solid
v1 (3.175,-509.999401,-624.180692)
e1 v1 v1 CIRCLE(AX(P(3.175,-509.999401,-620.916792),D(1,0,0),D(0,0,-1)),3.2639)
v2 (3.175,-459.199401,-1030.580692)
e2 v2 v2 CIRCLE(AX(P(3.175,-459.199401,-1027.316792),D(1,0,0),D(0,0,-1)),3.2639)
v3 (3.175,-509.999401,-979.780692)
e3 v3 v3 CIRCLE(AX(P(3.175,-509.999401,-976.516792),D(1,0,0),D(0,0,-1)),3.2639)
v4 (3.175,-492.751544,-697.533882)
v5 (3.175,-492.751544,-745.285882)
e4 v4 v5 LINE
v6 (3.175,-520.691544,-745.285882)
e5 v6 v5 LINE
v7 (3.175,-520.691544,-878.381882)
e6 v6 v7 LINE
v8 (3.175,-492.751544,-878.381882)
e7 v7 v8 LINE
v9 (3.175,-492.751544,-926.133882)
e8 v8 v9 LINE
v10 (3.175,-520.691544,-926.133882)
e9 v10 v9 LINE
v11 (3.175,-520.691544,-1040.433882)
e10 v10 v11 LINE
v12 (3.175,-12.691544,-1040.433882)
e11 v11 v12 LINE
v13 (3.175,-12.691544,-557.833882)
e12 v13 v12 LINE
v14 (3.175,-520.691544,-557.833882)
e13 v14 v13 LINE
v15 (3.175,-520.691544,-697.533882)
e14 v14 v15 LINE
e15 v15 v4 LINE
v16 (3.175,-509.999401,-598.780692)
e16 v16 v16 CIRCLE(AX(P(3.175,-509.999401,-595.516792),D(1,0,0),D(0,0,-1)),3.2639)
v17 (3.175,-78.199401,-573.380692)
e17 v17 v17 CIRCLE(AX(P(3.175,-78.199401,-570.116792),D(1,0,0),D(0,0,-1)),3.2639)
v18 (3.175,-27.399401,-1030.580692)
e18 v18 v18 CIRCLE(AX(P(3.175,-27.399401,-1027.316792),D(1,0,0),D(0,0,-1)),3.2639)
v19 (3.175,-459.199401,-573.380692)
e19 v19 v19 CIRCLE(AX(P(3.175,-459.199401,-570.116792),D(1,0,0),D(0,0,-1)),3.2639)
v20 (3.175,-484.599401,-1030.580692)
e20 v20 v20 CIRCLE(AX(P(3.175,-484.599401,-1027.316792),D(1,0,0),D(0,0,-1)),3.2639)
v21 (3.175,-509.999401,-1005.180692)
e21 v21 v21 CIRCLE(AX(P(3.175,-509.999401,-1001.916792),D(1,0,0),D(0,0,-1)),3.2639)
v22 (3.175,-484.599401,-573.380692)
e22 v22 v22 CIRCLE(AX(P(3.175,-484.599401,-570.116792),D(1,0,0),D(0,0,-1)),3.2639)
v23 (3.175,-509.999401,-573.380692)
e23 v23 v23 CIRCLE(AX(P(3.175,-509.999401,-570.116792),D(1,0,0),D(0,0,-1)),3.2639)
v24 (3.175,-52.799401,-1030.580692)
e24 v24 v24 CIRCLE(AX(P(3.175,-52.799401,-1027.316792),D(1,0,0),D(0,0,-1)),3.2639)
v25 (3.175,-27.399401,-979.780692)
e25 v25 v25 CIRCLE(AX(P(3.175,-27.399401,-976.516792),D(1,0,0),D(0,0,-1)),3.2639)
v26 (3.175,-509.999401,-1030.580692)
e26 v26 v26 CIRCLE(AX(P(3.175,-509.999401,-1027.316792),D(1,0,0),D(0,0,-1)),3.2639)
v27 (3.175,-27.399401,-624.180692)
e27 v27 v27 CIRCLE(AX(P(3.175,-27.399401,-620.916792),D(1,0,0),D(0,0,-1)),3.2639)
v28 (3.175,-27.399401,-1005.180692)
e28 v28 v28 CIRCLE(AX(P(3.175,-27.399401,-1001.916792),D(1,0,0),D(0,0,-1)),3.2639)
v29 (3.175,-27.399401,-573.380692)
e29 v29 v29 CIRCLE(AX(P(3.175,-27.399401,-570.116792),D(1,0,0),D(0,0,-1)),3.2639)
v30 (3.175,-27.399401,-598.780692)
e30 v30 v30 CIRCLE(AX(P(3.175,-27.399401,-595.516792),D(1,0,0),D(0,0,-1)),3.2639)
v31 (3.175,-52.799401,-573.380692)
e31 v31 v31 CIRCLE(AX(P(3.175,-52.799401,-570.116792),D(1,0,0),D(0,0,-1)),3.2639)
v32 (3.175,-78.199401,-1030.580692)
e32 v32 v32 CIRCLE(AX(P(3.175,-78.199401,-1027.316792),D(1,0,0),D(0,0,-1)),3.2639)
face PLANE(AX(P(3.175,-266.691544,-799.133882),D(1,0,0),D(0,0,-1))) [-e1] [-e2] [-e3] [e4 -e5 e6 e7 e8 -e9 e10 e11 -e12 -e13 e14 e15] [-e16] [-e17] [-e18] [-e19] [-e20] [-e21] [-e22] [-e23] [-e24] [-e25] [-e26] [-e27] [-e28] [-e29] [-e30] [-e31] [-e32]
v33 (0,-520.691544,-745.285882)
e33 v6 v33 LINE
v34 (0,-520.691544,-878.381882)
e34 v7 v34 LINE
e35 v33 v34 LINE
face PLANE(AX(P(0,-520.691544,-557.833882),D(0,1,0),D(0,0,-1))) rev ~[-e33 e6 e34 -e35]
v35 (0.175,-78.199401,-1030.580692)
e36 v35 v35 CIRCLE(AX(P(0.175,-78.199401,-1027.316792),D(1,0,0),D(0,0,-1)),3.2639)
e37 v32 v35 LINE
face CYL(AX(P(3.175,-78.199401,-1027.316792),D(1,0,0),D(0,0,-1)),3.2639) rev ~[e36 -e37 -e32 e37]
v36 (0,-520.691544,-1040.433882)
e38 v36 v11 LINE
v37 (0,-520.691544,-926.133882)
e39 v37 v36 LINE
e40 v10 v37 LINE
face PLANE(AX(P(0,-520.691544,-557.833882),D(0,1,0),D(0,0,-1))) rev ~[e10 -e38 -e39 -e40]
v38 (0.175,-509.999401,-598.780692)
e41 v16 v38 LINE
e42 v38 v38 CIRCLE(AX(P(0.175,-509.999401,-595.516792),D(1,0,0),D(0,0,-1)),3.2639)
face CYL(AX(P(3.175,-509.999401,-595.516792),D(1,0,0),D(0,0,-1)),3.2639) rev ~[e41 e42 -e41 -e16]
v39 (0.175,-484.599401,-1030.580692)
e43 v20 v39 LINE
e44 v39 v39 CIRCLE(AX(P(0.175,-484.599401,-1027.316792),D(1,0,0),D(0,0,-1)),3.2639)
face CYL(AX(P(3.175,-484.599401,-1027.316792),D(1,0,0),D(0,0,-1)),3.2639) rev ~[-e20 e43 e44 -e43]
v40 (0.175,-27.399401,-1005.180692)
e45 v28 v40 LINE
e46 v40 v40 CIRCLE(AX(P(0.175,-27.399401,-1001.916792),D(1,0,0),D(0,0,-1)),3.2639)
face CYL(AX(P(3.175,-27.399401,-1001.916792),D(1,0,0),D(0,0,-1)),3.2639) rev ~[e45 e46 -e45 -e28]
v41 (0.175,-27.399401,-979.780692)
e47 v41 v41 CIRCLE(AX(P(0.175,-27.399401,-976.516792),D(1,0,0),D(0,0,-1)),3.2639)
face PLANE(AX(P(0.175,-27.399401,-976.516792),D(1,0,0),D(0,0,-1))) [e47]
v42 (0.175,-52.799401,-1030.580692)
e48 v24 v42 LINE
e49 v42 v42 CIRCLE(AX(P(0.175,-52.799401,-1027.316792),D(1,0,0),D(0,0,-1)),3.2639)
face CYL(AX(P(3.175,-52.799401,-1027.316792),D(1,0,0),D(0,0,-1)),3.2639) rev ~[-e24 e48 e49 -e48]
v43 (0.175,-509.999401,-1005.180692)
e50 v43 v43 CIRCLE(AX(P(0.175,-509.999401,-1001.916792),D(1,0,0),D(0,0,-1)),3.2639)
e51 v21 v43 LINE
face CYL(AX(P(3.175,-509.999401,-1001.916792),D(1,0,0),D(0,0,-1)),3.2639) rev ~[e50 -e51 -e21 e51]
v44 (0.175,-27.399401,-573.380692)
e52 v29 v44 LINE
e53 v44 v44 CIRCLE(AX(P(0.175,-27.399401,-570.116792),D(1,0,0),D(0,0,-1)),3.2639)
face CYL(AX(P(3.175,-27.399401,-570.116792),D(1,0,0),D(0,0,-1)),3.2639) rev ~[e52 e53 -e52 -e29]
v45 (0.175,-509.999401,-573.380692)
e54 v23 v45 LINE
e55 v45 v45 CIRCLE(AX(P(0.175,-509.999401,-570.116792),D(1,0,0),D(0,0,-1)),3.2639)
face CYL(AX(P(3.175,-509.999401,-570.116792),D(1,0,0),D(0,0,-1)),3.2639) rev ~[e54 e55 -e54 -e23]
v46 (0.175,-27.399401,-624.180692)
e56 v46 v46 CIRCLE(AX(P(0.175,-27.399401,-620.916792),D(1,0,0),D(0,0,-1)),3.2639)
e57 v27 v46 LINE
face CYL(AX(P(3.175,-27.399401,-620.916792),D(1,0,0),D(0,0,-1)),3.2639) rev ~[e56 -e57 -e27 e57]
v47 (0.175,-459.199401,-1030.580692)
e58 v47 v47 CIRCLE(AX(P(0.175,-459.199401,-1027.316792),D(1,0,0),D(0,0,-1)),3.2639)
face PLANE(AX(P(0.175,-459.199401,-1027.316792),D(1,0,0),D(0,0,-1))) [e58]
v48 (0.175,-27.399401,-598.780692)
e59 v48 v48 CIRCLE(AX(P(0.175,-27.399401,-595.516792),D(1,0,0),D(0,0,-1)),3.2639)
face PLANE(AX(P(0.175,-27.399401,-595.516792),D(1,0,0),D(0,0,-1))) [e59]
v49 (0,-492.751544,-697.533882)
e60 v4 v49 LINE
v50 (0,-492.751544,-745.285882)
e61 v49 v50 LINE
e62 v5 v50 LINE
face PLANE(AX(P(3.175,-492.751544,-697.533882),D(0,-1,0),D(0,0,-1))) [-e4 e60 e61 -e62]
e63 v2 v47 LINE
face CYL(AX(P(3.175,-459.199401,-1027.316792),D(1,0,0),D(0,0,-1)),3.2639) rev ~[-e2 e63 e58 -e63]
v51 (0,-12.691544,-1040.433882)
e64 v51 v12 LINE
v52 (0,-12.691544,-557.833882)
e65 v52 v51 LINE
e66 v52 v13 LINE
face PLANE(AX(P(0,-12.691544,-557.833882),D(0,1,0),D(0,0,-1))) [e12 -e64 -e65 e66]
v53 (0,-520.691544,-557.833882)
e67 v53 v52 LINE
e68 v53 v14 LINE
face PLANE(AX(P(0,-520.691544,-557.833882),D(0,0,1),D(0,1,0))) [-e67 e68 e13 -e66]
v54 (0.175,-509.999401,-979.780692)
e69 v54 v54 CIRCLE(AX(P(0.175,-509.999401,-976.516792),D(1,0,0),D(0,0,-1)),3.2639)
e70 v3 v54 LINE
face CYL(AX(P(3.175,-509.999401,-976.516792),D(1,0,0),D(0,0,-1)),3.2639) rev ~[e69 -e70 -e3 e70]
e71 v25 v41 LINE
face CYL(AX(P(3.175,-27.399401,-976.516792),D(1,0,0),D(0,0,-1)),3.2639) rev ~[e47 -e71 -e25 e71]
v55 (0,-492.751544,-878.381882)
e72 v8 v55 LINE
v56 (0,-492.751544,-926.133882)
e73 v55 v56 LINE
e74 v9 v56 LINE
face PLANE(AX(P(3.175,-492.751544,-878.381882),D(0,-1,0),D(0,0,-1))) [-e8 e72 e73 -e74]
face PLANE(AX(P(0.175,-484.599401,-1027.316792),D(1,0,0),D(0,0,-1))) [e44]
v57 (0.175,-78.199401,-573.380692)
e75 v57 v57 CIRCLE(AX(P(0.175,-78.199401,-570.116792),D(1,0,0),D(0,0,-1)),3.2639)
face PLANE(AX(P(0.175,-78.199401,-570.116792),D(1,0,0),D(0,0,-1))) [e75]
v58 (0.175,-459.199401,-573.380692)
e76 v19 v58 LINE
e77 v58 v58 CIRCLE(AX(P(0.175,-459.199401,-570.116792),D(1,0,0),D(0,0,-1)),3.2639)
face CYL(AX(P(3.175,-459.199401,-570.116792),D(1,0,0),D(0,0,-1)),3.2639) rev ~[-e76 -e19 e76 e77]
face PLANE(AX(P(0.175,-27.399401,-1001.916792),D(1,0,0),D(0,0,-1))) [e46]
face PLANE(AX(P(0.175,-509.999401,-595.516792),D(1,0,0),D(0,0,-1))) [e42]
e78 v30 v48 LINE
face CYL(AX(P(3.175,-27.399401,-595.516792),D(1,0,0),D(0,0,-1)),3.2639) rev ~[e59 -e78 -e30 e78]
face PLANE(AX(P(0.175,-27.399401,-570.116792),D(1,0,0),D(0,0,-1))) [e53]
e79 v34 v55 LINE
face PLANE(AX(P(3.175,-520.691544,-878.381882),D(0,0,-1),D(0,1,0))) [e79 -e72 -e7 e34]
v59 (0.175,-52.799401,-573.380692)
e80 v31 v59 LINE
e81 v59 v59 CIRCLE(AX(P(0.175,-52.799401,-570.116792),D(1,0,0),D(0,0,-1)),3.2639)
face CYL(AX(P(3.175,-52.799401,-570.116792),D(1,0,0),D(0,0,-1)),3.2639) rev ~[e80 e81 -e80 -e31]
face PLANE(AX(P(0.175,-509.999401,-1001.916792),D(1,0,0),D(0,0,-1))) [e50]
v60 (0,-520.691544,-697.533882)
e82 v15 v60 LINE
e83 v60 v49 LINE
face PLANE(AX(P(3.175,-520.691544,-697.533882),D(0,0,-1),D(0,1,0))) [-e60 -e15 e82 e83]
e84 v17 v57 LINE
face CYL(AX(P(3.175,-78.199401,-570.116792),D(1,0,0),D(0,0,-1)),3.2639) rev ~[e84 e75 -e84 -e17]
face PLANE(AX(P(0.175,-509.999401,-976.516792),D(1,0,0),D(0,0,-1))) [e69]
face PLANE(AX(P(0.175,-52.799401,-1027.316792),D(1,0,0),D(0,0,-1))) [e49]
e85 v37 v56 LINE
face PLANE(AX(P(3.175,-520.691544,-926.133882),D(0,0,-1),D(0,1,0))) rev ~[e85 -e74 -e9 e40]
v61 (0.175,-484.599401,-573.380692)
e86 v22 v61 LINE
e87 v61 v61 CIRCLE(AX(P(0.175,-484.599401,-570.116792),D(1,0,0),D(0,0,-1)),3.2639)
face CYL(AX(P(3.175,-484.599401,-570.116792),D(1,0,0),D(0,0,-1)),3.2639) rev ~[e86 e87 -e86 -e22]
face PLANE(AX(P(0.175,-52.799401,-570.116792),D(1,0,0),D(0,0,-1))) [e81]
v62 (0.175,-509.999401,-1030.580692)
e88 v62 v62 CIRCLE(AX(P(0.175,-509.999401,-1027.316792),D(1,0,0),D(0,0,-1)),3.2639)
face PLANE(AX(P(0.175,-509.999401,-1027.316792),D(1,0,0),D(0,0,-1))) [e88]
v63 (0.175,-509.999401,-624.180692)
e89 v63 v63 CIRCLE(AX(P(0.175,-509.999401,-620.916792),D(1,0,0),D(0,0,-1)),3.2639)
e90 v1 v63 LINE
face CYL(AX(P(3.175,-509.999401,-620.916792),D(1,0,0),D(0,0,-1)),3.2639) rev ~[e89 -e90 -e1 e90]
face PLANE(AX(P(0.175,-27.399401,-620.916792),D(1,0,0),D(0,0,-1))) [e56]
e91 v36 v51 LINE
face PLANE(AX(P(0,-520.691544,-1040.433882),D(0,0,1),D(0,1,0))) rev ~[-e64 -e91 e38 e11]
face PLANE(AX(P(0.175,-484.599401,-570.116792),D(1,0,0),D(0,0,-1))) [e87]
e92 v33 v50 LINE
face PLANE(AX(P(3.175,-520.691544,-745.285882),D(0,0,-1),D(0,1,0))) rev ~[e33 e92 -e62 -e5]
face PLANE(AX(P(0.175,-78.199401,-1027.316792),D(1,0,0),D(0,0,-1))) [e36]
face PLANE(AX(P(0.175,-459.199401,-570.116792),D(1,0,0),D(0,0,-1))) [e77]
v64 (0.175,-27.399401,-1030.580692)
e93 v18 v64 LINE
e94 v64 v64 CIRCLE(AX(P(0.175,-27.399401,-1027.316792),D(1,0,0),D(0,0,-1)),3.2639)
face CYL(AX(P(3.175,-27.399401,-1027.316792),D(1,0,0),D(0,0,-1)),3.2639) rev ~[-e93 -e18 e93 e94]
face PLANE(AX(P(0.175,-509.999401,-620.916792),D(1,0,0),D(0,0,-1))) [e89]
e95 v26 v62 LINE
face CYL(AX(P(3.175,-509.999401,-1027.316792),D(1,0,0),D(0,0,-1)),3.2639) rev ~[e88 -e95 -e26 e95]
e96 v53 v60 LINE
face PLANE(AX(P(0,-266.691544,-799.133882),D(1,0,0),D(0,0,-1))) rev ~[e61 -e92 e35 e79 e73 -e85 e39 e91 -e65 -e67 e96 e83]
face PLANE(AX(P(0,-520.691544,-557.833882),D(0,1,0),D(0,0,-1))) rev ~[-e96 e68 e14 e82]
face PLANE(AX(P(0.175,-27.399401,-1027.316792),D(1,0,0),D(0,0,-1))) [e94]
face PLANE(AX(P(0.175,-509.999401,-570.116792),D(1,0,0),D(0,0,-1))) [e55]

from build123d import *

# Parameters (mm, degrees)
SKETCH1_W           = 482.6
SKETCH1_H           = 508
BOSS_EXTRUDE1_DEPTH = 3.175
SKETCH2_W           = 47.752
SKETCH2_H           = 27.94
CUT_EXTRUDE1_DEPTH  = 1164.457101784
SKETCH3_R           = 3.263899997
SKETCH3_R_2         = 3.263900001
SKETCH3_R_3         = 3.263899999
SKETCH3_R_4         = 3.2639
CUT_EXTRUDE2_DEPTH  = 3


with BuildPart() as part:
    # Sketch1 → Boss-Extrude1 (new body)
    with BuildSketch(Plane(origin=(0, 0, 0), x_dir=(0, 0, -1), z_dir=(1, 0, 0))):
        with Locations((799.13388237, -266.691543511)):
            Rectangle(SKETCH1_W, SKETCH1_H)
    extrude(amount=BOSS_EXTRUDE1_DEPTH)

    # Sketch2 → Cut-Extrude1 (cut, through all)
    with BuildSketch(Plane(origin=(3.175, 0, 0), x_dir=(0, 0, -1), z_dir=(1, 0, 0))):
        with Locations((721.40988237, -506.721543511)):
            Rectangle(SKETCH2_W, SKETCH2_H)
        with Locations((902.25788237, -506.721543511)):
            Rectangle(SKETCH2_W, SKETCH2_H)
    extrude(amount=-CUT_EXTRUDE1_DEPTH, mode=Mode.SUBTRACT)

    # Sketch3 → Cut-Extrude2 (cut)
    with BuildSketch(Plane(origin=(3.175, 0, 0), x_dir=(0, 0, -1), z_dir=(1, 0, 0))):
        with Locations((570.11679197, -27.399401396)):
            Circle(SKETCH3_R)
        with Locations((595.516791968, -27.399401397)):
            Circle(SKETCH3_R_2)
        with Locations((620.916791968, -27.399401397)):
            Circle(SKETCH3_R_2)
        with Locations((570.116791968, -52.799401397)):
            Circle(SKETCH3_R_2)
        with Locations((570.116791967, -78.199401397)):
            Circle(SKETCH3_R_2)
        with Locations((570.116791968, -509.999401397)):
            Circle(SKETCH3_R_3)
        with Locations((570.116791967, -484.599401397)):
            Circle(SKETCH3_R_4)
        with Locations((570.116791967, -459.199401397)):
            Circle(SKETCH3_R_4)
        with Locations((595.516791967, -509.999401397)):
            Circle(SKETCH3_R_4)
        with Locations((620.916791967, -509.999401397)):
            Circle(SKETCH3_R_4)
        with Locations((1027.316791967, -509.999401397)):
            Circle(SKETCH3_R_4)
        with Locations((1001.916791967, -509.999401397)):
            Circle(SKETCH3_R_4)
        with Locations((976.516791967, -509.999401397)):
            Circle(SKETCH3_R_4)
        with Locations((1027.316791967, -459.199401397)):
            Circle(SKETCH3_R_4)
        with Locations((1027.316791967, -484.599401397)):
            Circle(SKETCH3_R_4)
        with Locations((1027.316791967, -27.399401397)):
            Circle(SKETCH3_R_4)
        with Locations((1001.916791967, -27.399401397)):
            Circle(SKETCH3_R_4)
        with Locations((976.516791967, -27.399401397)):
            Circle(SKETCH3_R_4)
        with Locations((1027.316791967, -52.799401397)):
            Circle(SKETCH3_R_4)
        with Locations((1027.316791967, -78.199401397)):
            Circle(SKETCH3_R_4)
    extrude(amount=-CUT_EXTRUDE2_DEPTH, mode=Mode.SUBTRACT)


solid = part.part
